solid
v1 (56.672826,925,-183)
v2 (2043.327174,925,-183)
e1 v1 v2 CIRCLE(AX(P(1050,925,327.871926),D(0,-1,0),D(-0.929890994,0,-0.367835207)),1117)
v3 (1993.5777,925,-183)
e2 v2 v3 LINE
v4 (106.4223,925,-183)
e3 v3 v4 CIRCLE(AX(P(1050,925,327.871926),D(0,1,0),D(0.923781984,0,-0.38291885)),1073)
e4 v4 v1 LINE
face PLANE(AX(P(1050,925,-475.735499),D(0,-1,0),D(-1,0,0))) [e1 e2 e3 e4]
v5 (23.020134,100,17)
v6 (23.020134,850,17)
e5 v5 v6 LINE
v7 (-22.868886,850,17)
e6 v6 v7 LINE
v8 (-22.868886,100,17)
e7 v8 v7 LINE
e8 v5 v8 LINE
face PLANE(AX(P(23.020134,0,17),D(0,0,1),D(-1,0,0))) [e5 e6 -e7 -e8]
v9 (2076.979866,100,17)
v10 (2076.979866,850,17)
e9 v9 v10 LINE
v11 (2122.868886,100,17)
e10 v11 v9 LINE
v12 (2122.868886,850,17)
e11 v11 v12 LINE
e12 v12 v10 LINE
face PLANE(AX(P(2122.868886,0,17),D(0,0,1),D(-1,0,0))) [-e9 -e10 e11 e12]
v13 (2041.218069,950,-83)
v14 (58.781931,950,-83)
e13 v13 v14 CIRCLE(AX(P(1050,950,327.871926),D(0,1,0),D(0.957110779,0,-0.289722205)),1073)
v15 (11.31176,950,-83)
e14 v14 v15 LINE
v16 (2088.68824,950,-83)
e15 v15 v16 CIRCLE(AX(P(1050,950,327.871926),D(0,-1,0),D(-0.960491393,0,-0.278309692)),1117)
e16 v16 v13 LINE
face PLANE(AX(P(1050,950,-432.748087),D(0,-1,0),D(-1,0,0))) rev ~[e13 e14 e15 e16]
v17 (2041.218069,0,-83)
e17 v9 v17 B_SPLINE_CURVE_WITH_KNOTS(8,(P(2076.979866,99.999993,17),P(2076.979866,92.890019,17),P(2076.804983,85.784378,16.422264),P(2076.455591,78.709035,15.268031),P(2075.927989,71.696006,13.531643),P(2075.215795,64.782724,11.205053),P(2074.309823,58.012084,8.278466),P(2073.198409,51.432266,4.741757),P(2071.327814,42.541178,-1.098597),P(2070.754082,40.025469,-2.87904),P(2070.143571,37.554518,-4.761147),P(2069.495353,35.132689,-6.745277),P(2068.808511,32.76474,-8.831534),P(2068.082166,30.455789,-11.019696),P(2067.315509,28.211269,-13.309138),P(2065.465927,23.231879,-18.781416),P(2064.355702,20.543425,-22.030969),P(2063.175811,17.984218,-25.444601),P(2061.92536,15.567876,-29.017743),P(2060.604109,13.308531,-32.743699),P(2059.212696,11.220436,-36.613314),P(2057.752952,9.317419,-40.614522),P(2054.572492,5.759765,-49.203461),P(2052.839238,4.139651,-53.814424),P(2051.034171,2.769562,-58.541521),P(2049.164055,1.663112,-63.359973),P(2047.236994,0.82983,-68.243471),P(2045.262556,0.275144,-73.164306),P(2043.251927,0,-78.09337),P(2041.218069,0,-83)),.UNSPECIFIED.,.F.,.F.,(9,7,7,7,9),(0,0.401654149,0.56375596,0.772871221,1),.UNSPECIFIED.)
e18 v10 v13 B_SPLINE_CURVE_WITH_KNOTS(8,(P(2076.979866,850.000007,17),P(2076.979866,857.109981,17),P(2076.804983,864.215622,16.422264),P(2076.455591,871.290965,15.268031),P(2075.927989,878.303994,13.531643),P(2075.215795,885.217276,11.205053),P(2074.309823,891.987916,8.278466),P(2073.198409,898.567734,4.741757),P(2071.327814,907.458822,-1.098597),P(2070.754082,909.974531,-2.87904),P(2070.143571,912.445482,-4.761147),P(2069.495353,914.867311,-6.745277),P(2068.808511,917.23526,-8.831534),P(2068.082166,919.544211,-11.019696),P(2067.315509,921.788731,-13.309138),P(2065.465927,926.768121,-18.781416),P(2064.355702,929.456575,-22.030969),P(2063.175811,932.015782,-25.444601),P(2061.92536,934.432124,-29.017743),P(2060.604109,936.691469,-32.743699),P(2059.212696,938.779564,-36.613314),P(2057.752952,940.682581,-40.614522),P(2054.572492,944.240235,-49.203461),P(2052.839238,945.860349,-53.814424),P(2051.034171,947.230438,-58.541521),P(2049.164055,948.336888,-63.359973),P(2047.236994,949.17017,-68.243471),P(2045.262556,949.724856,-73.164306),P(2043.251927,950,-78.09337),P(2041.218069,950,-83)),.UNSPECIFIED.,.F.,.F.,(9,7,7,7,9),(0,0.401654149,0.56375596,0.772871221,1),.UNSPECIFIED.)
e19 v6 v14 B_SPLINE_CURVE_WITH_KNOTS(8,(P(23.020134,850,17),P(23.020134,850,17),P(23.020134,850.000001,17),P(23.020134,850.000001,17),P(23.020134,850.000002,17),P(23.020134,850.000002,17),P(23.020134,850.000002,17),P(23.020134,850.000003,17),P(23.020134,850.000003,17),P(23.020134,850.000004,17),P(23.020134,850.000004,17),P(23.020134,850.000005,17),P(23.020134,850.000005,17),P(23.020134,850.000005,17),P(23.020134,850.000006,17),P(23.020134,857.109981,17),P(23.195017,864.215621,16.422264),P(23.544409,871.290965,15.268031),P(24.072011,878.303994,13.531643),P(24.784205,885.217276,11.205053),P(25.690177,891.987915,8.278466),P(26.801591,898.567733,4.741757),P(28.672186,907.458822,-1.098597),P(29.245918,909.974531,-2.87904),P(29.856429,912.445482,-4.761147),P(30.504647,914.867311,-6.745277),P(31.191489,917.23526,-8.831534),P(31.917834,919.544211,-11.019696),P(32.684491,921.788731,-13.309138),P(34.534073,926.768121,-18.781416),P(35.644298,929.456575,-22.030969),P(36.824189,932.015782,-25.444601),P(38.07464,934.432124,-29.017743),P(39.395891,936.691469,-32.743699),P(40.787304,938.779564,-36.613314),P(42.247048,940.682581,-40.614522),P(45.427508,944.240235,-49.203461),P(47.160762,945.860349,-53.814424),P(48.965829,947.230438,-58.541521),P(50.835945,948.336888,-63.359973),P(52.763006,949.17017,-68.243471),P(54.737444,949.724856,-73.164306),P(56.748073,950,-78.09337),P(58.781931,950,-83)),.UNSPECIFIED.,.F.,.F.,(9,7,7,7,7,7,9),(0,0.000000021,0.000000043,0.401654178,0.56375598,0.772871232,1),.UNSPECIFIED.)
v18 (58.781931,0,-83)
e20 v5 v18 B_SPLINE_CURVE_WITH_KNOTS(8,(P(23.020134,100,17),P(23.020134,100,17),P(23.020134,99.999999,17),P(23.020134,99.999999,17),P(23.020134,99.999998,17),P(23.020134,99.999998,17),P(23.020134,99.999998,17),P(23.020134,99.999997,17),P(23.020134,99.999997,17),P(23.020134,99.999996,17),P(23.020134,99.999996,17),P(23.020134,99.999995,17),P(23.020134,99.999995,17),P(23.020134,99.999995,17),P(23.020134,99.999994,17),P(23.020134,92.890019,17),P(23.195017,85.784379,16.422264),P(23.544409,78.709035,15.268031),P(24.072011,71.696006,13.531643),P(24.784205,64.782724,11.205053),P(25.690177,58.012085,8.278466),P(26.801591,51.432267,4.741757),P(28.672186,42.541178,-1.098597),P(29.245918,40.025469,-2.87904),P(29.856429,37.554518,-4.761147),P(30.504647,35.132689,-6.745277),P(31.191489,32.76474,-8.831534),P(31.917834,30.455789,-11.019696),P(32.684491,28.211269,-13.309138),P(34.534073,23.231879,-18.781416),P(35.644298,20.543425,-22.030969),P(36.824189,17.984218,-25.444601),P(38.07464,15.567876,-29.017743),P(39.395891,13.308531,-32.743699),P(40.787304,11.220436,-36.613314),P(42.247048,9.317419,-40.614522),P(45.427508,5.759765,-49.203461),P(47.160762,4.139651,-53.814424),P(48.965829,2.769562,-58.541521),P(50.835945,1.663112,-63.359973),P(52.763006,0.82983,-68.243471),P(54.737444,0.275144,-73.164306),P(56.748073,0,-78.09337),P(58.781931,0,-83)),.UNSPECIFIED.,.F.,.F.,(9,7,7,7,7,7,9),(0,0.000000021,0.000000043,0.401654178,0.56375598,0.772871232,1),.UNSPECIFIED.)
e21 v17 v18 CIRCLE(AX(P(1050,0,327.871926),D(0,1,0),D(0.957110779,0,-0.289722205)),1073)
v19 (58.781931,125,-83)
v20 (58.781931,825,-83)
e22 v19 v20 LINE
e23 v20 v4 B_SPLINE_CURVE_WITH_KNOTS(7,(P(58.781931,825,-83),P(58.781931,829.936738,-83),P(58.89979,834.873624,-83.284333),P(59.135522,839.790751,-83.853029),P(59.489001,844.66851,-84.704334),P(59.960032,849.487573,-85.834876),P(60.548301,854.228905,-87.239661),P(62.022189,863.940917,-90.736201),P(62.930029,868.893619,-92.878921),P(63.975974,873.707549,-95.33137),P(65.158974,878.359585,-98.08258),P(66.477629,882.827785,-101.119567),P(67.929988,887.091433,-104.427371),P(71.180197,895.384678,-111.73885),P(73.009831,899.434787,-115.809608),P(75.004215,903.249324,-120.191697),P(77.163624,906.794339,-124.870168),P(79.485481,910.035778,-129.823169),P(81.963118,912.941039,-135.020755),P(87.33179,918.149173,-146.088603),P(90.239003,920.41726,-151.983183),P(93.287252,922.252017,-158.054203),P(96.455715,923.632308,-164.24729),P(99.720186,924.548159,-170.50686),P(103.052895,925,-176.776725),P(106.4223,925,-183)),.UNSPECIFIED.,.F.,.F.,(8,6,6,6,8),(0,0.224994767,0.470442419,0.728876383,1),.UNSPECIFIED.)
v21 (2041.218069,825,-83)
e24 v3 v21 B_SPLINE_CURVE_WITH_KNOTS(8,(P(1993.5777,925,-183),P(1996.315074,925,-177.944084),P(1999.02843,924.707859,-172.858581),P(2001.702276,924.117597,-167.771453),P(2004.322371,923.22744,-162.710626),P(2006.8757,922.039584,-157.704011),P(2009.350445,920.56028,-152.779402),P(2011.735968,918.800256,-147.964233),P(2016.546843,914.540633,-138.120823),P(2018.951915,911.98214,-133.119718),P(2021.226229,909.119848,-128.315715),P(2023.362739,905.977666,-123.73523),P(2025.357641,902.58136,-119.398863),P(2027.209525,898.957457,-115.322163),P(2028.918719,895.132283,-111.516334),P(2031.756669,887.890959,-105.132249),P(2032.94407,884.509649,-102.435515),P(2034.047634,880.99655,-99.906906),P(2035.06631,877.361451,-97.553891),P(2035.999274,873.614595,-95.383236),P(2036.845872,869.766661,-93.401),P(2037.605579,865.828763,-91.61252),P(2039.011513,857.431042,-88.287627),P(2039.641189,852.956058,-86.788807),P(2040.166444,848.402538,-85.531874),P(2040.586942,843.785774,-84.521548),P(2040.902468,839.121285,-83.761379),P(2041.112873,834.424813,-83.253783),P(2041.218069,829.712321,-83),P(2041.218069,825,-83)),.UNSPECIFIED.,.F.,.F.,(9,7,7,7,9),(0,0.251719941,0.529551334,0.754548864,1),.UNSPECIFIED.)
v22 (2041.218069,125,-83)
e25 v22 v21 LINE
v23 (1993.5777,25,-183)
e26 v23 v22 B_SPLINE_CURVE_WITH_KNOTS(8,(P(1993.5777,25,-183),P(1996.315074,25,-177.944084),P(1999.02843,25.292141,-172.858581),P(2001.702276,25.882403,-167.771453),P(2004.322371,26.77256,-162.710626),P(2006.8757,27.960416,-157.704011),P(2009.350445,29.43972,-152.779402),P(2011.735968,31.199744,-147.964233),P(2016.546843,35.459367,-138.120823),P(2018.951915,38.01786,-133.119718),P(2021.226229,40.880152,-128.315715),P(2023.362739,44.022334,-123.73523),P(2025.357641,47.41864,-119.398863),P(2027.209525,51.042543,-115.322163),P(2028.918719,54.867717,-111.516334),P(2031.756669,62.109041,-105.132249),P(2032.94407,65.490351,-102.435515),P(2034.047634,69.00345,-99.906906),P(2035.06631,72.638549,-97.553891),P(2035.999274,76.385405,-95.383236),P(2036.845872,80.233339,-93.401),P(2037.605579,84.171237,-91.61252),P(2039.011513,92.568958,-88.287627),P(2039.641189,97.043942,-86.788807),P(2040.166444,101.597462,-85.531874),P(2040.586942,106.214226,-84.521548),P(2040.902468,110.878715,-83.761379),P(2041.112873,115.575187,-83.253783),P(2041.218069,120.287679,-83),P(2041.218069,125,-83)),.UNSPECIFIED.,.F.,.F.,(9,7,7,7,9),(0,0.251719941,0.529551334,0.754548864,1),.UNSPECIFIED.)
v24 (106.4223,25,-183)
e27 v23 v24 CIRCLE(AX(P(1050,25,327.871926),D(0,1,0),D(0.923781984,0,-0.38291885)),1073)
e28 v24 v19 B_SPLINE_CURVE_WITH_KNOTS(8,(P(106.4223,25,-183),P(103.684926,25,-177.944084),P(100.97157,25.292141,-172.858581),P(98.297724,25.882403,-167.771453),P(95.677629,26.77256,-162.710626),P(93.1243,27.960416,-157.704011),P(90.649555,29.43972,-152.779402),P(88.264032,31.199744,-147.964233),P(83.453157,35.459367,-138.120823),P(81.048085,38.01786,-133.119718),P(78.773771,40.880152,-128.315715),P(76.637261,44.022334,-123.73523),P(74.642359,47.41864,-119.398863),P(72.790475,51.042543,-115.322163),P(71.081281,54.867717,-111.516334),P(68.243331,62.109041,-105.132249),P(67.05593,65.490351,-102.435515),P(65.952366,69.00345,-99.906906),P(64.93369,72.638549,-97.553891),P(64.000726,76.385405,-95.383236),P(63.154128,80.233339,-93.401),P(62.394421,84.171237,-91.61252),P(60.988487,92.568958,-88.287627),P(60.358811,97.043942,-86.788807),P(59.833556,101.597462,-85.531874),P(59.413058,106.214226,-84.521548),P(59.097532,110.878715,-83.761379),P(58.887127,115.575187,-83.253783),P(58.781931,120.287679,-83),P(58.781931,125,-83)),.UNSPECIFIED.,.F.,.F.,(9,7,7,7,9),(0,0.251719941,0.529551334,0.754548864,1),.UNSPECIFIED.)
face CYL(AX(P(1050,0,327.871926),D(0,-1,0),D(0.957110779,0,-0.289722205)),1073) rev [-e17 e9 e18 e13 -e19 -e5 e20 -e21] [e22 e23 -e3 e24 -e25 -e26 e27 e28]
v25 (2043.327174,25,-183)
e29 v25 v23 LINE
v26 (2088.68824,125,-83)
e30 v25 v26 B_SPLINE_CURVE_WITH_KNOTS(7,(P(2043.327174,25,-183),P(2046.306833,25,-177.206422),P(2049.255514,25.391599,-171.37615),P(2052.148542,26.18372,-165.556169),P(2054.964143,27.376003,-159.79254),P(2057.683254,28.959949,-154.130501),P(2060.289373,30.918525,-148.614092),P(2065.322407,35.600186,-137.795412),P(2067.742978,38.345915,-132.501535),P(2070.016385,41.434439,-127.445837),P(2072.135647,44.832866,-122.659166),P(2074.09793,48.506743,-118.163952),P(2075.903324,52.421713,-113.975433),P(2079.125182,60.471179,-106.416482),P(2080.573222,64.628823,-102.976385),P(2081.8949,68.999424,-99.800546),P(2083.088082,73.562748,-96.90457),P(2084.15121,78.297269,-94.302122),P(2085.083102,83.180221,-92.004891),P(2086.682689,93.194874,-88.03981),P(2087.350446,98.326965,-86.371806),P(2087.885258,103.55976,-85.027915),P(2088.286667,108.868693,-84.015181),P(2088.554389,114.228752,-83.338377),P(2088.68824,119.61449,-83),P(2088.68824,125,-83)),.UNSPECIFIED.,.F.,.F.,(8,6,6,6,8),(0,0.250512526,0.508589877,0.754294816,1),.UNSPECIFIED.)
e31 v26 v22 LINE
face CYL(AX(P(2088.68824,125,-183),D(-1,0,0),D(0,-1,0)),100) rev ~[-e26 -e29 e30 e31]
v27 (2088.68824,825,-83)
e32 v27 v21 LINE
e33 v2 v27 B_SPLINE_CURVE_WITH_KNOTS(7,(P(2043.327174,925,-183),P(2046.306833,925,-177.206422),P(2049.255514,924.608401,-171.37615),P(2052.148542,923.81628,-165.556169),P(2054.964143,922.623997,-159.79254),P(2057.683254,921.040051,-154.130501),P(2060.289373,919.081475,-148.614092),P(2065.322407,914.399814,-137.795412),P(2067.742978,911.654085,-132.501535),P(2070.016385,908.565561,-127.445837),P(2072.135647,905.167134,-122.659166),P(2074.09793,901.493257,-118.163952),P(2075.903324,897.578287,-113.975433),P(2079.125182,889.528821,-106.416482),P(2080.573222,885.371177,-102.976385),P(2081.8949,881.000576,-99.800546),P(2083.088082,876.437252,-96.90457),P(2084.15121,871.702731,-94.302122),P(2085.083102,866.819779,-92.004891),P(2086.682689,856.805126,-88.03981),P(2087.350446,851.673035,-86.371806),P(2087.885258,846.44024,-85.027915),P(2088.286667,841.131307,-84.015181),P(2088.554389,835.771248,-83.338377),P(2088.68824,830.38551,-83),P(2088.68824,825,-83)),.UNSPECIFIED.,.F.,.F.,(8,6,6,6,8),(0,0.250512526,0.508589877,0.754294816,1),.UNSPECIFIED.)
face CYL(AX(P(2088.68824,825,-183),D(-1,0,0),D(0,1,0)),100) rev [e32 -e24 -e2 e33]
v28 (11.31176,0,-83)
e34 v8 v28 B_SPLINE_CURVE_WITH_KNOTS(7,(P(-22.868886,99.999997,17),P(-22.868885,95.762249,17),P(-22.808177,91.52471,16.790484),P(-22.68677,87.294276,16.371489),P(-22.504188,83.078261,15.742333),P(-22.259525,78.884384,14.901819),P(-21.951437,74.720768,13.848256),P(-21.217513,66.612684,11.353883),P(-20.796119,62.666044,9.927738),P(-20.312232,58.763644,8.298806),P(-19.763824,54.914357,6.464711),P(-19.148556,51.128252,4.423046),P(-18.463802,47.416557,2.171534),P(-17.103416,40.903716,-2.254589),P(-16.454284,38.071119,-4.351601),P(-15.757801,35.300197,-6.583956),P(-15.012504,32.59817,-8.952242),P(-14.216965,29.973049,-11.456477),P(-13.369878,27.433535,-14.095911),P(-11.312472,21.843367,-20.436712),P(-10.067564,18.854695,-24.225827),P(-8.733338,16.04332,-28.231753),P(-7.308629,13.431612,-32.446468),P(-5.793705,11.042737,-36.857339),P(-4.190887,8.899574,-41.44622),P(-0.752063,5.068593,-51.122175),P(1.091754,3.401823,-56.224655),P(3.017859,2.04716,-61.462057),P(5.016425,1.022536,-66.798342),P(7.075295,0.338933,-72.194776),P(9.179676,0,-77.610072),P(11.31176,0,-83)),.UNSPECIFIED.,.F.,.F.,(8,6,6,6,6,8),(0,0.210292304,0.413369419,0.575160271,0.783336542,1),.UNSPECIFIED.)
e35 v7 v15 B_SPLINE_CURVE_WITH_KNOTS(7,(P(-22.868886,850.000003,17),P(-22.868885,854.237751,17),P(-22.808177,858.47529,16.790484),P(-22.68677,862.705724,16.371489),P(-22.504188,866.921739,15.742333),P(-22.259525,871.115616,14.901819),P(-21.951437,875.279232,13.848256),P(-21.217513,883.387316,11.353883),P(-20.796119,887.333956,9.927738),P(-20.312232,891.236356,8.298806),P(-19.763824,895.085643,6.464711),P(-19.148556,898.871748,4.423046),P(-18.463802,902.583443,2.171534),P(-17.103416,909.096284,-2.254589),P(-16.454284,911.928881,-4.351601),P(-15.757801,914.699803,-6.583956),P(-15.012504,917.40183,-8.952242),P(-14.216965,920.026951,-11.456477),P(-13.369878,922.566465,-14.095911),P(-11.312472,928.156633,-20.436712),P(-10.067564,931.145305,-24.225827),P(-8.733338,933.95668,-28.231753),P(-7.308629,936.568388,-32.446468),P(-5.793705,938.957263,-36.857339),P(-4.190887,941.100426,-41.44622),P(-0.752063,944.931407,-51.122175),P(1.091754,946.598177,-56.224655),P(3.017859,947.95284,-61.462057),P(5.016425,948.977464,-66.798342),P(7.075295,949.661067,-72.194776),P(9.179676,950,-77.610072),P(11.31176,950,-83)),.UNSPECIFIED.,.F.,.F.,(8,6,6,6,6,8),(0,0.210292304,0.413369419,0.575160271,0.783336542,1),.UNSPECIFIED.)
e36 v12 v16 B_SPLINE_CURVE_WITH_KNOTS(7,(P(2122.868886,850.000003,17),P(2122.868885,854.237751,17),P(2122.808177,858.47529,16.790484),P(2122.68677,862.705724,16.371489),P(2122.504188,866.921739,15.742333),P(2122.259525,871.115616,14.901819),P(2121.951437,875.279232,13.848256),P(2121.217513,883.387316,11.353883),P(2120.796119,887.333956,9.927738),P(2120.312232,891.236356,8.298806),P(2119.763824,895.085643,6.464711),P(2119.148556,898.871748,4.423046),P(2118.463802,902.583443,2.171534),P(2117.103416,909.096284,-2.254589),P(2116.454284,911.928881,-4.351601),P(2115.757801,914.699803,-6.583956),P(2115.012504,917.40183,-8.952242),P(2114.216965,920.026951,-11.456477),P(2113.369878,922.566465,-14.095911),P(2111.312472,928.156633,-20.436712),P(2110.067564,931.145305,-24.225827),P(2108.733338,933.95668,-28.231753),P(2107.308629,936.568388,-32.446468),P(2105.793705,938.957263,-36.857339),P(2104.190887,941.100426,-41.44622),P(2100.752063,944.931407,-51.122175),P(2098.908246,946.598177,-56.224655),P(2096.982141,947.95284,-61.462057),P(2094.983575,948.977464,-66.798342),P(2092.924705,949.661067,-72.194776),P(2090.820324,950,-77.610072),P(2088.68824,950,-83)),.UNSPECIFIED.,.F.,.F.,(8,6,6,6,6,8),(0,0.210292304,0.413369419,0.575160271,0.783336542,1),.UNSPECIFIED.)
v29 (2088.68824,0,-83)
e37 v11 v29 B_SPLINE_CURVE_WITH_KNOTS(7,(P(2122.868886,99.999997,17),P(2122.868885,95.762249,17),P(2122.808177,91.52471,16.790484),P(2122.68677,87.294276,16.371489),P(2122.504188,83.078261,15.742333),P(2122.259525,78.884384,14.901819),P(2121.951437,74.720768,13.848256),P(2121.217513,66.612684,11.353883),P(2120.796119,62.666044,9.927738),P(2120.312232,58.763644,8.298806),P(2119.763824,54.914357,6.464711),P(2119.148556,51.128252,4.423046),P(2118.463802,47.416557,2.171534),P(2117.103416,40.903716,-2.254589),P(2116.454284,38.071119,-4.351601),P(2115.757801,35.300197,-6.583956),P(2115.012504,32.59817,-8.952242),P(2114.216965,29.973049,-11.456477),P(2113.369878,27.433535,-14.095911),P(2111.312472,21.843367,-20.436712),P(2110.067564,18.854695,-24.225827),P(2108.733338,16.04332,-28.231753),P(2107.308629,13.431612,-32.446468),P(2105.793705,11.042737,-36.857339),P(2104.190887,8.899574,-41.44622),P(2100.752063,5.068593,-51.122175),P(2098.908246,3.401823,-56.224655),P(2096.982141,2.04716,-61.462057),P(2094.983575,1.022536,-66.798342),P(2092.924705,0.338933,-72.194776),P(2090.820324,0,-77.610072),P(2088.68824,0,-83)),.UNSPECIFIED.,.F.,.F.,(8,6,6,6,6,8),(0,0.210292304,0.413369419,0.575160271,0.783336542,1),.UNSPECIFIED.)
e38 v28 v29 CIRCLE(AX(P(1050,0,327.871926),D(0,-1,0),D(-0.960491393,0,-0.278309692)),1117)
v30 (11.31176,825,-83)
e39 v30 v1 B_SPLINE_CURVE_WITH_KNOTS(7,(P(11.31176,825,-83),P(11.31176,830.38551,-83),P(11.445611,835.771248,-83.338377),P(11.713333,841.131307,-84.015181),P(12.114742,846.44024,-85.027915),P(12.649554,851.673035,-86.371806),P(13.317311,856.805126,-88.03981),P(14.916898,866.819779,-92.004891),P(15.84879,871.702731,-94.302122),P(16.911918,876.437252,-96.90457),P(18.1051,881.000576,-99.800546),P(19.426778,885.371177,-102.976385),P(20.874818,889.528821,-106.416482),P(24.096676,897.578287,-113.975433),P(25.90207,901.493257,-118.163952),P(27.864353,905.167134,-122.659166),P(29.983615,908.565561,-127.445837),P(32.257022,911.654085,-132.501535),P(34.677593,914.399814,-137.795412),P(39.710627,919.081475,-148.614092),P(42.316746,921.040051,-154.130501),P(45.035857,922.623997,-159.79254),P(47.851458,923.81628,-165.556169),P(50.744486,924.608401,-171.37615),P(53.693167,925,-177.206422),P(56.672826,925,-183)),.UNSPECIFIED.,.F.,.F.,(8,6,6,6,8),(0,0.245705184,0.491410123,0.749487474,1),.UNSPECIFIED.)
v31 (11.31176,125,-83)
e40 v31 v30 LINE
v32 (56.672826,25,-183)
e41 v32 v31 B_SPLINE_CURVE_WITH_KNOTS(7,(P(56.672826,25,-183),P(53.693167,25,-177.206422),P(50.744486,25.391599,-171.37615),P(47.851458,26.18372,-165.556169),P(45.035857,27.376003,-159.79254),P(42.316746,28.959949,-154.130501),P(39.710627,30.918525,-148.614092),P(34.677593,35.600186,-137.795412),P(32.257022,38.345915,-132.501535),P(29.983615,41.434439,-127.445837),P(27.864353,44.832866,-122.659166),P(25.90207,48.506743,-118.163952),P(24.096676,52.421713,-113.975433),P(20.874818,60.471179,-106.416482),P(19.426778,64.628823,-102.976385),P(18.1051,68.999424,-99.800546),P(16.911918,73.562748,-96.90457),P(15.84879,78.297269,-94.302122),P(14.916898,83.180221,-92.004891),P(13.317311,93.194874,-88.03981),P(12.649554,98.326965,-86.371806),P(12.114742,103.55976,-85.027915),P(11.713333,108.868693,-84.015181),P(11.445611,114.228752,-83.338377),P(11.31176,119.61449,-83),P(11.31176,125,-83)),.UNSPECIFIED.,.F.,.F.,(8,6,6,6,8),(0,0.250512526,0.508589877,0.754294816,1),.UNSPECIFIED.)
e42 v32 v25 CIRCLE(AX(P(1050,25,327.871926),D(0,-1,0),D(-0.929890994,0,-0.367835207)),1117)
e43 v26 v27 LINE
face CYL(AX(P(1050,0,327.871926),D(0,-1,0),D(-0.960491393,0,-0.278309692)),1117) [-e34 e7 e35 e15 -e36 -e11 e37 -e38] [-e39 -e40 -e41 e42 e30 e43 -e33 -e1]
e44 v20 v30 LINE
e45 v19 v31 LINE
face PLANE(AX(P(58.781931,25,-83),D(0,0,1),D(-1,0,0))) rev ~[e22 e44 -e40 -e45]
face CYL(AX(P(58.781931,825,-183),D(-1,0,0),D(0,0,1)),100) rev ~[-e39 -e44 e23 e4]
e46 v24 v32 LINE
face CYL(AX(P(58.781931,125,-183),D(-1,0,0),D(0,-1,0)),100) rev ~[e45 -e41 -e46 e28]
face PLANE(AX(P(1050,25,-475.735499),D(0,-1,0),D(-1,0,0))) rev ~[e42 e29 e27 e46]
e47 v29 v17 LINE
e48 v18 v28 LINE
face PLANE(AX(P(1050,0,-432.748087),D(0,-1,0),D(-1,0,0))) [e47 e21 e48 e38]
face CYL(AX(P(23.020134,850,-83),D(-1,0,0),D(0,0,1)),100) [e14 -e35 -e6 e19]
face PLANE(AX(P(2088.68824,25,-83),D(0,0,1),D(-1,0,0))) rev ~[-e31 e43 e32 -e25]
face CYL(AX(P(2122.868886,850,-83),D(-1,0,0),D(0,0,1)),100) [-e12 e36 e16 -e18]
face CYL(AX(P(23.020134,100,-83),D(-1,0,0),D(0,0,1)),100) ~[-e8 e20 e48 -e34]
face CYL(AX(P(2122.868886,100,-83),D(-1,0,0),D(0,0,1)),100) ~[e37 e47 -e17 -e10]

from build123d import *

# Parameters (mm, degrees)
BOSS_EXTRUDE2_DEPTH = 950
FILLET2_R           = 100
CUT_EXTRUDE3_DEPTH  = 900
FILLET3_R           = 100


with BuildPart() as part:
    # Sketch2 → Boss-Extrude2 (new body)
    with BuildSketch(Plane(origin=(0, 0, 0), x_dir=(1, 0, 0), z_dir=(0, 1, 0))):
        with BuildLine():
            Line((2122.868885508, -17), (2076.979866157, -17))
            ThreePointArc((2076.979866157, -17), (1050, 745.128073785), (23.020133843, -17))
            Line((23.020133843, -17), (-22.868885508, -17))
            ThreePointArc((-22.868885508, -17), (1050, 789.128073785), (2122.868885508, -17))
        make_face()
    extrude(amount=BOSS_EXTRUDE2_DEPTH)

    # Fillet2
    fillet2_edges = [part.edges().sort_by_distance(p)[0] for p in [
        (2099.924375832, 950, 17),
        (0.075624168, 950, 17),
        (2099.924375832, 0, 17),
        (0.075624168, 0, 17),
    ]]
    fillet(fillet2_edges, radius=FILLET2_R)

    # Sketch4 → Cut-Extrude3 (cut)
    with BuildSketch(Plane(origin=(0, 25, 0), x_dir=(-1, 0, 0), z_dir=(0, -1, 0))):
        with BuildLine():
            Line((-2088.688240161, 83), (-2041.218068968, 83))
            ThreePointArc((-2041.218068968, 83), (-1050, 745.128073785), (-58.781931032, 83))
            Line((-58.781931032, 83), (-11.311759839, 83))
            ThreePointArc((-11.311759839, 83), (-1050, 789.128073785), (-2088.688240161, 83))
        make_face()
    extrude(amount=-CUT_EXTRUDE3_DEPTH, mode=Mode.SUBTRACT)

    # Fillet3
    fillet3_edges = [part.edges().sort_by_distance(p)[0] for p in [
        (35.046845436, 925, -83),
        (2064.953154564, 925, -83),
        (2064.953154564, 25, -83),
        (35.046845436, 25, -83),
    ]]
    fillet(fillet3_edges, radius=FILLET3_R)


solid = part.part
